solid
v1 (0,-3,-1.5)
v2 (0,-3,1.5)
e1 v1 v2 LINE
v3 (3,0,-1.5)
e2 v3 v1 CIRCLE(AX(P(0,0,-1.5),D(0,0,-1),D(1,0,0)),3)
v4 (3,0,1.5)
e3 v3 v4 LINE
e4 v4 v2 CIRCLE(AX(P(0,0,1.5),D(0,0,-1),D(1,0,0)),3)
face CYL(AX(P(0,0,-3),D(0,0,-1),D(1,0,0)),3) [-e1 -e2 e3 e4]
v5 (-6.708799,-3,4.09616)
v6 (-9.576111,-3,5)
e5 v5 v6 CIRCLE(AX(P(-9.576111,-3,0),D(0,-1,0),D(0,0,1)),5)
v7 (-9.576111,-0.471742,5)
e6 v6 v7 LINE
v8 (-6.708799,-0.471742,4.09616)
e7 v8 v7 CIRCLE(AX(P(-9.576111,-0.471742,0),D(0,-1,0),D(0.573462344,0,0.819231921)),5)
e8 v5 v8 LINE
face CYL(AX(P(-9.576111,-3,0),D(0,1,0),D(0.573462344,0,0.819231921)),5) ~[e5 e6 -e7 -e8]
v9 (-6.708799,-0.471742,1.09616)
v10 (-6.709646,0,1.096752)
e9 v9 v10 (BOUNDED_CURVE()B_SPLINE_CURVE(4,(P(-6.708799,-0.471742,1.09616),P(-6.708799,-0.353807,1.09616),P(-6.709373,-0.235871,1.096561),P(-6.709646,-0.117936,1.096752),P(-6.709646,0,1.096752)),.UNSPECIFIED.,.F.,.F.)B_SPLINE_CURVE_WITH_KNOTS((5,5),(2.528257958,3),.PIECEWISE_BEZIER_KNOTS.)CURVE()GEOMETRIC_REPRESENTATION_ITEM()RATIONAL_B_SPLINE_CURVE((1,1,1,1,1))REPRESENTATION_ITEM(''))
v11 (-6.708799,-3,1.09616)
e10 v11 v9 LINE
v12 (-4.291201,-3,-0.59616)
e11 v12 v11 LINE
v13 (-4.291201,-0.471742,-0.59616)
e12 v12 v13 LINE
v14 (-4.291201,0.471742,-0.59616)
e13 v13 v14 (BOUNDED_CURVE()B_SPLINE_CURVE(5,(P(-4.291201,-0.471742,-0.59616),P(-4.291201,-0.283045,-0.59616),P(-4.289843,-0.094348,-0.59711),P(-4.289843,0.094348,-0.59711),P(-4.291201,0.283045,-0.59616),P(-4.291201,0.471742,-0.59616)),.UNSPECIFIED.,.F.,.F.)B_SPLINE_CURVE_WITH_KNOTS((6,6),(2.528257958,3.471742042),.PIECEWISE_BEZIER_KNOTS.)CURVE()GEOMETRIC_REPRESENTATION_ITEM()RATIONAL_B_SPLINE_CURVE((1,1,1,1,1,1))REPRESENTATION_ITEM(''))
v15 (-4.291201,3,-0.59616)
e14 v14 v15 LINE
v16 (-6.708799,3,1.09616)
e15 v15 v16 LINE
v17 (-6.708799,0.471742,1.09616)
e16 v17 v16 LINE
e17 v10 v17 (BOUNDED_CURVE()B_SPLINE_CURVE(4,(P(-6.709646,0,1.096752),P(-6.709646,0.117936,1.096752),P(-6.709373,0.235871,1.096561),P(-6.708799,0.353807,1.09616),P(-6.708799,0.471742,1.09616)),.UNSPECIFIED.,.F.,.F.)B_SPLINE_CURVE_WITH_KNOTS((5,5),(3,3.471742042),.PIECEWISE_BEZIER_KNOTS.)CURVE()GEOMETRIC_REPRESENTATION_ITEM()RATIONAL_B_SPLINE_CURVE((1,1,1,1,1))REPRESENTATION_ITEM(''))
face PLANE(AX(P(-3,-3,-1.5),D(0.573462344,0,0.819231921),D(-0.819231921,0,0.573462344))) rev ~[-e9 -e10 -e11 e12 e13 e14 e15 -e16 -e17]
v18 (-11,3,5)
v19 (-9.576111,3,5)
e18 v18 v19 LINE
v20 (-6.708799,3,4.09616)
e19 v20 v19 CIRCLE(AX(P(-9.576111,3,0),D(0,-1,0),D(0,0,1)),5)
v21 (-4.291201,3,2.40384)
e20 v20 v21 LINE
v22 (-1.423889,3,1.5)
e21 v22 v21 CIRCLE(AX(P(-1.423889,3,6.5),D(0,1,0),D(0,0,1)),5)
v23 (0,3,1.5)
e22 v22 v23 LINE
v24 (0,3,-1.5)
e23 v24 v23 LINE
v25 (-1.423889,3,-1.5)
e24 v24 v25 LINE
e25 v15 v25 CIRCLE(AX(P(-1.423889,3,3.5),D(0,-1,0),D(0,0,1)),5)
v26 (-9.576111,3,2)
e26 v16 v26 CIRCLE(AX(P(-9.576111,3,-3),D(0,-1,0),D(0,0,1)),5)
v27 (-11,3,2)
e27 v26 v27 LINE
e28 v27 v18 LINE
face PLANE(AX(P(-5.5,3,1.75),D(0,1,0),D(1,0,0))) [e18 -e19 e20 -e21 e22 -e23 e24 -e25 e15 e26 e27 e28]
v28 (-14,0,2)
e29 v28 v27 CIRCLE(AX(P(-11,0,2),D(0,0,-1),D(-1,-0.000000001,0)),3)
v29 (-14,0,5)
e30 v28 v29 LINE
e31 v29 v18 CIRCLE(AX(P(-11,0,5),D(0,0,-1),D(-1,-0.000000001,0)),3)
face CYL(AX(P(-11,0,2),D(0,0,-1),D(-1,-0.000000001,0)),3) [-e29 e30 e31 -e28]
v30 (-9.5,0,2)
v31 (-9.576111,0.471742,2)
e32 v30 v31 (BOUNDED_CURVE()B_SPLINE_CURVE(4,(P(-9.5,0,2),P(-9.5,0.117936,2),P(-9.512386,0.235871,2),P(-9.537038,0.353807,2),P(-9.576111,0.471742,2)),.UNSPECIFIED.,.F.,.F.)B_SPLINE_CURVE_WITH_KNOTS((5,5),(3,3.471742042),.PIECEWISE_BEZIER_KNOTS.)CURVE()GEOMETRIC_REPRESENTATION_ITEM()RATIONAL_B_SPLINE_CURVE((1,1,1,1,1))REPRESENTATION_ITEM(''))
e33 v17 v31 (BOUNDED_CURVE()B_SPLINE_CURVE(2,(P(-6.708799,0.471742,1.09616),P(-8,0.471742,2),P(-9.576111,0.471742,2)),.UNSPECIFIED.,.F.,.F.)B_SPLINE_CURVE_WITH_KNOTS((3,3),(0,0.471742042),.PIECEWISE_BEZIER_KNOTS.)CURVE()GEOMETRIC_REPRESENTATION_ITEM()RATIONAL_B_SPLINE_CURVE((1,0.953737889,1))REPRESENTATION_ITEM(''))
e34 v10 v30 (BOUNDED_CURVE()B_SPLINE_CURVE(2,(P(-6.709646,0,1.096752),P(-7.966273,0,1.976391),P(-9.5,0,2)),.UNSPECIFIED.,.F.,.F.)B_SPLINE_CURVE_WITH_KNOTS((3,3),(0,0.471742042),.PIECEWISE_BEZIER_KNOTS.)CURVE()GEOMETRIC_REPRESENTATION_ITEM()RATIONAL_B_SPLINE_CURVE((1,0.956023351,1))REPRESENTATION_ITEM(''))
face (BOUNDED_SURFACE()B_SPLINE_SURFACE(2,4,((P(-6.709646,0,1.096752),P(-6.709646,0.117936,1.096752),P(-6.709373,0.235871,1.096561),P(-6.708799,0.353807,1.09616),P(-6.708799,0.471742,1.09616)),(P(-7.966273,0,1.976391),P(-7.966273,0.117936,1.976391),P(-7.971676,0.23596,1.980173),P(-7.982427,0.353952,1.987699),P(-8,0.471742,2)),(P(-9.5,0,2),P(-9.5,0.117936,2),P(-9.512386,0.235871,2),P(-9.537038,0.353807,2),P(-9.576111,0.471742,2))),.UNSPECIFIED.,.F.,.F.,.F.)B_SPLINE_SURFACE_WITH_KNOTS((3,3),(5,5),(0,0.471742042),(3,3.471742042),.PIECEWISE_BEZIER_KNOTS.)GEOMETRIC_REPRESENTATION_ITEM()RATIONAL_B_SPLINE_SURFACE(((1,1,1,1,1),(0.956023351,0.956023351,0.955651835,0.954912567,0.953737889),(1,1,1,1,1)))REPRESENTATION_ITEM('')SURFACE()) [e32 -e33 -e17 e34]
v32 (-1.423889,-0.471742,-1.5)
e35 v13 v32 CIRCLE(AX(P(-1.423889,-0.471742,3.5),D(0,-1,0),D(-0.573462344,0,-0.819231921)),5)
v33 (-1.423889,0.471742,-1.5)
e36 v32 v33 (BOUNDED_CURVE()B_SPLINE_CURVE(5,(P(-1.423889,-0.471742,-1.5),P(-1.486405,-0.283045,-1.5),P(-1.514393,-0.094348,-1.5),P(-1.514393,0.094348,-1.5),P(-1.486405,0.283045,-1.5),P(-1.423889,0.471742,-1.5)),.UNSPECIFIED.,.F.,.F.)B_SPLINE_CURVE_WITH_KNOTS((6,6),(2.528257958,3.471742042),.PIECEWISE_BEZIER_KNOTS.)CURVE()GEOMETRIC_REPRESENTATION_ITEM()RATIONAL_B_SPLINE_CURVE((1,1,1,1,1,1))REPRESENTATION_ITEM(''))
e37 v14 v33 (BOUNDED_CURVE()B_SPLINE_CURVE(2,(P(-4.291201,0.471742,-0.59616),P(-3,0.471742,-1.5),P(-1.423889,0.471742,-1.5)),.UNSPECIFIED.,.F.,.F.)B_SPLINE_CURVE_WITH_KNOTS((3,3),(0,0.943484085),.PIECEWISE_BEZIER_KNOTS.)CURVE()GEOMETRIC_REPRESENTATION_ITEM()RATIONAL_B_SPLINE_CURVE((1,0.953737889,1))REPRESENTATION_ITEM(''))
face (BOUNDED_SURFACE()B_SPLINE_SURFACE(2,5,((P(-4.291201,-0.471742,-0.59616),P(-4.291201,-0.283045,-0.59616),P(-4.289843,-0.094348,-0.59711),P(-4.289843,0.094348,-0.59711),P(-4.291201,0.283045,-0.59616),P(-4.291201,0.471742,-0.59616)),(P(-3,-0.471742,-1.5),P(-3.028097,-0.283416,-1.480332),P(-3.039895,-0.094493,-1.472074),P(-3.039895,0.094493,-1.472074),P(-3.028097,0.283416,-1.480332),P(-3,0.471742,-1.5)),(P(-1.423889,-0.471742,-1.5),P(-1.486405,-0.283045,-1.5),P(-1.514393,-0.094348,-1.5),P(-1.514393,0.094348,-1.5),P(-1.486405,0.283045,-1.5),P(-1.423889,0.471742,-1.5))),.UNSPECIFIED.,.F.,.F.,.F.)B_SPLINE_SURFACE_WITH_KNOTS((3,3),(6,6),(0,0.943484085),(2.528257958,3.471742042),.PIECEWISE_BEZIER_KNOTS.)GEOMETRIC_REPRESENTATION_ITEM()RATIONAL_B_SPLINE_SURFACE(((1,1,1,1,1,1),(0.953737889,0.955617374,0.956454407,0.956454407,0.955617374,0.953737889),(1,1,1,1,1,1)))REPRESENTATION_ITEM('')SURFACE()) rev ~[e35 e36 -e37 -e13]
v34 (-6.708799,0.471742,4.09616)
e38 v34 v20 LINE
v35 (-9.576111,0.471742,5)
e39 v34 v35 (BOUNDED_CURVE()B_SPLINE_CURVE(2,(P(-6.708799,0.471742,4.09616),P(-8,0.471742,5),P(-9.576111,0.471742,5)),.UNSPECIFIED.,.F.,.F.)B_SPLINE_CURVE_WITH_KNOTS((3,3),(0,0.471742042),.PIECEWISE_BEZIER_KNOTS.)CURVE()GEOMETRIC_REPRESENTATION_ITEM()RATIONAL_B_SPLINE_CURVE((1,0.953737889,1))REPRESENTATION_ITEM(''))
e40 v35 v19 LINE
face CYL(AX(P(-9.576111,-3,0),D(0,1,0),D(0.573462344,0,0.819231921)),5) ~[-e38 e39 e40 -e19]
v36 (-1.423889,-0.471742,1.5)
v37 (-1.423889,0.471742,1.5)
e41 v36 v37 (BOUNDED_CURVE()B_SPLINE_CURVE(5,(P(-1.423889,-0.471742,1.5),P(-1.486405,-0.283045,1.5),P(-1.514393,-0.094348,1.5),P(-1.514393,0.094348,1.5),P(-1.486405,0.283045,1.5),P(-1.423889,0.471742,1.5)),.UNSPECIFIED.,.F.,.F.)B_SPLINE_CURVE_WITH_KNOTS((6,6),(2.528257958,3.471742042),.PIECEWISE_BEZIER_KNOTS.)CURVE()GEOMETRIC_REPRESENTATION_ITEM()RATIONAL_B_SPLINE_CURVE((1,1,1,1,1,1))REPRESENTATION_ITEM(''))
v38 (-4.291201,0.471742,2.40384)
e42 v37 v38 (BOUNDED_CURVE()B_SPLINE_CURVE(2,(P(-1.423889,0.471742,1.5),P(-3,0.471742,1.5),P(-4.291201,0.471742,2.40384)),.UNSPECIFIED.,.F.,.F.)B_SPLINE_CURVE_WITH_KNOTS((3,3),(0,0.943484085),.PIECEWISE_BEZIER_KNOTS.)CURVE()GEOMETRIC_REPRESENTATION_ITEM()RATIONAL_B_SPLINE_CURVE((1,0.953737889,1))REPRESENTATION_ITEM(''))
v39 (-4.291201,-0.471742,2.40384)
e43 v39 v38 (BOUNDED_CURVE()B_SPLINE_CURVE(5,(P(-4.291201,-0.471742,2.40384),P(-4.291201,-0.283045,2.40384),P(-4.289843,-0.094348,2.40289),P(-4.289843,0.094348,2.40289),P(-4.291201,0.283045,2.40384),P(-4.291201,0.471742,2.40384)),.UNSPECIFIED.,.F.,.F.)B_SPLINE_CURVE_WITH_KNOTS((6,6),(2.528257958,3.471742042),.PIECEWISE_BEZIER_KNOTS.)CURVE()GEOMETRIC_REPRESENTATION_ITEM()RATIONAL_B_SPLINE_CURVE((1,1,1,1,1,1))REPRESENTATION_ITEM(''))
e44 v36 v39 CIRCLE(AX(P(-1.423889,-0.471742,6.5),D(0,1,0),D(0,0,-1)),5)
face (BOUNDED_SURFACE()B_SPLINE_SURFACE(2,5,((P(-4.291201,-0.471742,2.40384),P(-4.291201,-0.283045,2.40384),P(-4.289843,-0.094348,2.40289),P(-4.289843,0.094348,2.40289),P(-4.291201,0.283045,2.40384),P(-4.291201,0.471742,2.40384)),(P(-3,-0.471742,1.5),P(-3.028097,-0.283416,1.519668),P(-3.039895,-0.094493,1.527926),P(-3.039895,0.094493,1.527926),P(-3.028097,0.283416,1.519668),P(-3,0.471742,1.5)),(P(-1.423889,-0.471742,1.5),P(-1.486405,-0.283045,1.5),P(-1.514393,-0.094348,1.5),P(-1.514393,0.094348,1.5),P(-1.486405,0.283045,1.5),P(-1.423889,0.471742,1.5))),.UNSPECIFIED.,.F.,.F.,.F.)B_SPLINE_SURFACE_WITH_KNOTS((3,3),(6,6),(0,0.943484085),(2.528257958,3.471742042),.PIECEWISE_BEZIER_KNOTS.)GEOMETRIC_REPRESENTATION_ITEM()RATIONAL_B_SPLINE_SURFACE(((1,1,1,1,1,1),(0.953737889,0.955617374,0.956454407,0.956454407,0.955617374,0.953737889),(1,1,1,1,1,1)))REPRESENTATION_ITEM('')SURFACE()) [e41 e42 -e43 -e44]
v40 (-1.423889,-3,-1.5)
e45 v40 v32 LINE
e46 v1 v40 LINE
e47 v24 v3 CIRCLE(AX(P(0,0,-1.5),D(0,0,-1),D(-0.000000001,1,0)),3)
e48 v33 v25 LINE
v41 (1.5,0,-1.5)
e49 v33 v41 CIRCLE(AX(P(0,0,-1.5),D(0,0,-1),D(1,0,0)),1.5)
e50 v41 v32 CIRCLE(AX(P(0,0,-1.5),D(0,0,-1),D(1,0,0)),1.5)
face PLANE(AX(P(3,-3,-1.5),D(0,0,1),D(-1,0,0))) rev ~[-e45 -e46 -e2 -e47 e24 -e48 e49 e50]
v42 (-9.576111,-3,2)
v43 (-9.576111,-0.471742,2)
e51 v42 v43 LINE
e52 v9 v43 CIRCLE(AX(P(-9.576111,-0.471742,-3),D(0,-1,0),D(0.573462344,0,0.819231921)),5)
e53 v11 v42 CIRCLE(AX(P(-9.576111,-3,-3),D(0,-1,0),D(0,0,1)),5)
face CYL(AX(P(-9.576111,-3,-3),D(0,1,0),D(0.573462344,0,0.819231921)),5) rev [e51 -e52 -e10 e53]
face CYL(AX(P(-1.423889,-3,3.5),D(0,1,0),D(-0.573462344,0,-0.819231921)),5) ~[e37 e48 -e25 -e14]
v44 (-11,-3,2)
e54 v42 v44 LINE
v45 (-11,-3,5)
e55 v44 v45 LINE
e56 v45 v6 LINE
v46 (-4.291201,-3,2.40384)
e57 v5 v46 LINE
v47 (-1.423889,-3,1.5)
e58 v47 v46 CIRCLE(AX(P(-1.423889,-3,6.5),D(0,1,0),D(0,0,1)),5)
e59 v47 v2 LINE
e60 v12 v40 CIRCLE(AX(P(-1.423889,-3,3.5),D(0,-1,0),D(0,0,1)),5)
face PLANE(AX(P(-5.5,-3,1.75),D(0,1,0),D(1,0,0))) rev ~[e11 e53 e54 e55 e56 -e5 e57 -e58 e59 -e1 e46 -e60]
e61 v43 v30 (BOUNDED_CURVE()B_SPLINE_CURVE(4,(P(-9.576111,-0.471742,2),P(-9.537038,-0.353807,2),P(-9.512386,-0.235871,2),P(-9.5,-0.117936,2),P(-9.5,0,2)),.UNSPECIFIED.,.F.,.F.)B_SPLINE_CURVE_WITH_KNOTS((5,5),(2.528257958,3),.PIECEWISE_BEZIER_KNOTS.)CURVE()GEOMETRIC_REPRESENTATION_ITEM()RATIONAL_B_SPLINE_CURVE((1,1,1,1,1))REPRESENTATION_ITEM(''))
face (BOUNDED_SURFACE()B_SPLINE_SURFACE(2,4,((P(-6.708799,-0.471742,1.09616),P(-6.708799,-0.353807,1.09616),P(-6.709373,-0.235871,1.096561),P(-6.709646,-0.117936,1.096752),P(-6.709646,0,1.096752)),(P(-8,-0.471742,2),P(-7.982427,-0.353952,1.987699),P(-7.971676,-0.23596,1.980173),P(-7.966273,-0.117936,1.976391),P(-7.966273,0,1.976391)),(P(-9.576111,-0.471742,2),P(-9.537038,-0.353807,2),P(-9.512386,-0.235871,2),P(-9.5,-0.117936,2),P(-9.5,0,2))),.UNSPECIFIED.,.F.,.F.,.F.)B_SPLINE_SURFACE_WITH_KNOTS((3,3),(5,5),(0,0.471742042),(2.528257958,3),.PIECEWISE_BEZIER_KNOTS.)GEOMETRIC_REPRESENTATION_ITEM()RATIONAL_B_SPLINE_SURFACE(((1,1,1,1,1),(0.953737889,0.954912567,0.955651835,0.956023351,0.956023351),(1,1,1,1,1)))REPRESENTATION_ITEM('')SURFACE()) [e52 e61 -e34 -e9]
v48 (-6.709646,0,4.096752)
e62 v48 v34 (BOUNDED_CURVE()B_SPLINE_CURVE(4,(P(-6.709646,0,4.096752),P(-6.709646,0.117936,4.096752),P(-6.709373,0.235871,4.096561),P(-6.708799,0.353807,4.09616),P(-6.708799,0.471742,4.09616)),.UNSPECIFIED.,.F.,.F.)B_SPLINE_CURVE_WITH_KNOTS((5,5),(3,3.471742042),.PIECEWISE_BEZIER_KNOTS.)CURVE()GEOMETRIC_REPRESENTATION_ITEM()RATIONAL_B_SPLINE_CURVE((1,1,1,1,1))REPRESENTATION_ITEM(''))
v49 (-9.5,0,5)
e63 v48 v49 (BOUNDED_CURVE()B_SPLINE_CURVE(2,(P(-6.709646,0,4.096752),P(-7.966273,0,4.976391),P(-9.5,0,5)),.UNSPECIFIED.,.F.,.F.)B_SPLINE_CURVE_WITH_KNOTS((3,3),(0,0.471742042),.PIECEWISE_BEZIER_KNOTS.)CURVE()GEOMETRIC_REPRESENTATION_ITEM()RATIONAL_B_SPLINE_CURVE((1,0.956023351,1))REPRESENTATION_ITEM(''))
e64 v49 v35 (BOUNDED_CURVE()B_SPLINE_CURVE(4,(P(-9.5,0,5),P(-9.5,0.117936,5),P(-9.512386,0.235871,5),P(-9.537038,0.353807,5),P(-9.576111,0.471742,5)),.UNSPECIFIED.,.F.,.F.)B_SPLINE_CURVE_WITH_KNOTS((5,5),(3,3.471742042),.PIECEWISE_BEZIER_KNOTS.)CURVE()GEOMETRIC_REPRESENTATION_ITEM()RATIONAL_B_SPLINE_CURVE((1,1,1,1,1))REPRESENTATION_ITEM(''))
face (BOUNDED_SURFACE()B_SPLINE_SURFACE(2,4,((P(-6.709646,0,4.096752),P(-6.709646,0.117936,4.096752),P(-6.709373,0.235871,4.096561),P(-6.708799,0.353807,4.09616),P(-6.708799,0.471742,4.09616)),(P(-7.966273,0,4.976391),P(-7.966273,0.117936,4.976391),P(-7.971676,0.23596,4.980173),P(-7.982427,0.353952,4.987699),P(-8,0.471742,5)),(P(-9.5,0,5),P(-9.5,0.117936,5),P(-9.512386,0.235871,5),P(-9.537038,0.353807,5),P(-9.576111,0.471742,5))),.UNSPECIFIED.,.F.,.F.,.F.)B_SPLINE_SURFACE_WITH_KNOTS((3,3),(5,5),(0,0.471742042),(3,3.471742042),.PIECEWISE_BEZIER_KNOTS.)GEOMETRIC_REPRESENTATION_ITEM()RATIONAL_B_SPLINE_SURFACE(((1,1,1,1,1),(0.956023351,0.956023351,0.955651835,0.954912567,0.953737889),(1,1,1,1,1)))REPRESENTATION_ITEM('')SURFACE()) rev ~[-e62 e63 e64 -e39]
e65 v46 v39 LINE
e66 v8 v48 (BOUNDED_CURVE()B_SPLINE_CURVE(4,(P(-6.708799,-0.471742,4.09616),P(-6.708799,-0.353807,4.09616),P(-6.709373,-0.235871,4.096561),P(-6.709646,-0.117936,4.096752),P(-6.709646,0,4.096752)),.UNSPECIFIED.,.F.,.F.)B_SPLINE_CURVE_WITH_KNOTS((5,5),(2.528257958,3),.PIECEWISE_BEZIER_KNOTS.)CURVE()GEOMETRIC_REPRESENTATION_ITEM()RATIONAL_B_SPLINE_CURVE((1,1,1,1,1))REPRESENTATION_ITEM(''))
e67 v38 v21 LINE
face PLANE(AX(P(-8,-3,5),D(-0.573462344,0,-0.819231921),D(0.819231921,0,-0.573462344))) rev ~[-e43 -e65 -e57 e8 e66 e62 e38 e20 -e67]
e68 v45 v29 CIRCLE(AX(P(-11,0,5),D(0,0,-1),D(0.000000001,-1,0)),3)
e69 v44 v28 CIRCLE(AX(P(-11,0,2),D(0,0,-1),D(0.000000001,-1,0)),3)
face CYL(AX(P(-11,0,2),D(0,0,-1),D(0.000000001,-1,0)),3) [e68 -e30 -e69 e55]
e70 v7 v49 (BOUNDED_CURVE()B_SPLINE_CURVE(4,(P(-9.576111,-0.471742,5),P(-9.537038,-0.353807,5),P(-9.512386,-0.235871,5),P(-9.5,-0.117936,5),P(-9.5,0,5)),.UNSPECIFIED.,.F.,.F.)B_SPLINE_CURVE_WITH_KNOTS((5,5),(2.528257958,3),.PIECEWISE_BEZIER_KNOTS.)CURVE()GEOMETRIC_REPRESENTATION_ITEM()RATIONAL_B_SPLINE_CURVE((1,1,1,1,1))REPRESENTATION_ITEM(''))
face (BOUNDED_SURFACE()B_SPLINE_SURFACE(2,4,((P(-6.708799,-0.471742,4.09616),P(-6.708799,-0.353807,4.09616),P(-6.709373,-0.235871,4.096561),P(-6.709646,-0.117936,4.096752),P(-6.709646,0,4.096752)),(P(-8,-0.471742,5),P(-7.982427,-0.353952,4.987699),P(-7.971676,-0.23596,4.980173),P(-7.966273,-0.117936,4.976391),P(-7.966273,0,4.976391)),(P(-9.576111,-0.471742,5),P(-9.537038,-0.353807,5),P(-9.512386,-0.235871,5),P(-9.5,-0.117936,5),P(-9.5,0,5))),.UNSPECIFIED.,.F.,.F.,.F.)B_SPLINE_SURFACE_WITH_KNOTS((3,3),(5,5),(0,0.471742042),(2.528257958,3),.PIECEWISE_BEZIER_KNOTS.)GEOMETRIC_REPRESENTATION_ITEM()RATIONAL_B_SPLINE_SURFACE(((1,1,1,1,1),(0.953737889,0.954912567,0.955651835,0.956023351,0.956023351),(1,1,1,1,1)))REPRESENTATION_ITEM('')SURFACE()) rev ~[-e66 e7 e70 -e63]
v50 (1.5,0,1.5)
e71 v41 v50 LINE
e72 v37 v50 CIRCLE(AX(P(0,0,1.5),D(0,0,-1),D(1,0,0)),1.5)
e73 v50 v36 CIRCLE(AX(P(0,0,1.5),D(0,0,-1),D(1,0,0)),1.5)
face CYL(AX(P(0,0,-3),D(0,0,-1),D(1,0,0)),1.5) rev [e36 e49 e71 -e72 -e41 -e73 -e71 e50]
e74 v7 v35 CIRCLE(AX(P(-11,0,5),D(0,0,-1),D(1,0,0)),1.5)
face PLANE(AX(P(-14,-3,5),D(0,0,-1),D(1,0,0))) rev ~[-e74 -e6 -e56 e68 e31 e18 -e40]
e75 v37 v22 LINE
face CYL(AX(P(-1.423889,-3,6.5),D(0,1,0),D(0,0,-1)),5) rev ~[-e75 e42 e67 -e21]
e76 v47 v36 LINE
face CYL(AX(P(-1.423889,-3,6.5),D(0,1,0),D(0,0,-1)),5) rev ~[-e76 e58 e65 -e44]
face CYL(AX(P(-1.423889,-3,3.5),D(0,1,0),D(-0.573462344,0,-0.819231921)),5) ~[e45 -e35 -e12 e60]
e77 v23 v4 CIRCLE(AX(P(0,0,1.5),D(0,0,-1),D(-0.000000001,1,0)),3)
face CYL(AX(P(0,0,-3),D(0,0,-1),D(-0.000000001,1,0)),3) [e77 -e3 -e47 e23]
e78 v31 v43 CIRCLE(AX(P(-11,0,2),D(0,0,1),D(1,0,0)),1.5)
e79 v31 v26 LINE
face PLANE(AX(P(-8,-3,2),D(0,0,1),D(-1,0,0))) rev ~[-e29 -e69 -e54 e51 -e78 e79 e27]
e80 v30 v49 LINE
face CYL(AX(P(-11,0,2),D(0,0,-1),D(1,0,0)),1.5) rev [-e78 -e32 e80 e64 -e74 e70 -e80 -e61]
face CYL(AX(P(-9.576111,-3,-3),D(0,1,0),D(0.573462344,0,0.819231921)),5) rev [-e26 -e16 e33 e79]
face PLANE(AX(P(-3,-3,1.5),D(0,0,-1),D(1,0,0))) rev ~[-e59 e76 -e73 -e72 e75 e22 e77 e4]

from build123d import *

# Parameters (mm, degrees)
BOSS_EXTRUDE1_DEPTH      = 3
BOSS_EXTRUDE1_DEPTH_BACK = 3
CUT_EXTRUDE1_DEPTH       = 3
CUT_EXTRUDE1_DEPTH_BACK  = 3
SKETCH2_R                = 1.5
CUT_EXTRUDE3_DEPTH       = 3
CUT_EXTRUDE3_DEPTH_BACK  = 3
SKETCH4_R                = 1.5
FILLET1_R                = 5


with BuildPart() as part:
    # Sketch3 → Boss-Extrude1 (new, two sides: drawn at the far end of the back side and taken through both)
    with BuildSketch(Plane(origin=(0, 0, 0), x_dir=(1, 0, 0), z_dir=(0, 1, 0)).offset(-BOSS_EXTRUDE1_DEPTH_BACK)):
        Polygon((-3, 1.5), (-8, -2), (-14, -2), (-14, -5), (-8, -5), (-3, -1.5), (3, -1.5), (3, 1.5), align=None)
    extrude(amount=BOSS_EXTRUDE1_DEPTH + BOSS_EXTRUDE1_DEPTH_BACK)

    # Sketch2 → Cut-Extrude1 (cut, two sides: drawn at the far end of the back side and taken through both)
    with BuildSketch(Plane.XY.offset(-CUT_EXTRUDE1_DEPTH_BACK)):
        with BuildLine():
            ThreePointArc((0, 3), (2.121320344, 2.121320344), (3, 0))
            Line((3, 0), (3, 3))
            Line((3, 3), (0, 3))
        make_face()
        with BuildLine():
            ThreePointArc((3, 0), (2.121320338, -2.121320349), (-1.5e-08, -3))
            Line((-1.5e-08, -3), (3, -3))
            Line((3, -3), (3, 0))
        make_face()
        Circle(SKETCH2_R)
    extrude(amount=CUT_EXTRUDE1_DEPTH + CUT_EXTRUDE1_DEPTH_BACK, mode=Mode.SUBTRACT)

    # Sketch4 → Cut-Extrude3 (cut, two sides: drawn at the far end of the back side and taken through both)
    with BuildSketch(Plane.XY.offset(5).offset(-CUT_EXTRUDE3_DEPTH_BACK)):
        with BuildLine():
            ThreePointArc((-11, -3), (-13.121320344, -2.121320344), (-14, 0))
            Line((-14, 0), (-14, -3))
            Line((-14, -3), (-11, -3))
        make_face()
        with BuildLine():
            ThreePointArc((-14, 0), (-13.121320344, 2.121320344), (-11, 3))
            Line((-11, 3), (-14, 3))
            Line((-14, 3), (-14, 0))
        make_face()
        with Locations((-11, 0)):
            Circle(SKETCH4_R)
    extrude(amount=CUT_EXTRUDE3_DEPTH + CUT_EXTRUDE3_DEPTH_BACK, mode=Mode.SUBTRACT)

    # Fillet1
    fillet1_edges = [part.edges().sort_by_distance(p)[0] for p in [
        (-8, 0, 5),
        (-8, 0, 2),
        (-3, 0, -1.5),
        (-3, 0, 1.5),
    ]]
    fillet(fillet1_edges, radius=FILLET1_R)


solid = part.part
